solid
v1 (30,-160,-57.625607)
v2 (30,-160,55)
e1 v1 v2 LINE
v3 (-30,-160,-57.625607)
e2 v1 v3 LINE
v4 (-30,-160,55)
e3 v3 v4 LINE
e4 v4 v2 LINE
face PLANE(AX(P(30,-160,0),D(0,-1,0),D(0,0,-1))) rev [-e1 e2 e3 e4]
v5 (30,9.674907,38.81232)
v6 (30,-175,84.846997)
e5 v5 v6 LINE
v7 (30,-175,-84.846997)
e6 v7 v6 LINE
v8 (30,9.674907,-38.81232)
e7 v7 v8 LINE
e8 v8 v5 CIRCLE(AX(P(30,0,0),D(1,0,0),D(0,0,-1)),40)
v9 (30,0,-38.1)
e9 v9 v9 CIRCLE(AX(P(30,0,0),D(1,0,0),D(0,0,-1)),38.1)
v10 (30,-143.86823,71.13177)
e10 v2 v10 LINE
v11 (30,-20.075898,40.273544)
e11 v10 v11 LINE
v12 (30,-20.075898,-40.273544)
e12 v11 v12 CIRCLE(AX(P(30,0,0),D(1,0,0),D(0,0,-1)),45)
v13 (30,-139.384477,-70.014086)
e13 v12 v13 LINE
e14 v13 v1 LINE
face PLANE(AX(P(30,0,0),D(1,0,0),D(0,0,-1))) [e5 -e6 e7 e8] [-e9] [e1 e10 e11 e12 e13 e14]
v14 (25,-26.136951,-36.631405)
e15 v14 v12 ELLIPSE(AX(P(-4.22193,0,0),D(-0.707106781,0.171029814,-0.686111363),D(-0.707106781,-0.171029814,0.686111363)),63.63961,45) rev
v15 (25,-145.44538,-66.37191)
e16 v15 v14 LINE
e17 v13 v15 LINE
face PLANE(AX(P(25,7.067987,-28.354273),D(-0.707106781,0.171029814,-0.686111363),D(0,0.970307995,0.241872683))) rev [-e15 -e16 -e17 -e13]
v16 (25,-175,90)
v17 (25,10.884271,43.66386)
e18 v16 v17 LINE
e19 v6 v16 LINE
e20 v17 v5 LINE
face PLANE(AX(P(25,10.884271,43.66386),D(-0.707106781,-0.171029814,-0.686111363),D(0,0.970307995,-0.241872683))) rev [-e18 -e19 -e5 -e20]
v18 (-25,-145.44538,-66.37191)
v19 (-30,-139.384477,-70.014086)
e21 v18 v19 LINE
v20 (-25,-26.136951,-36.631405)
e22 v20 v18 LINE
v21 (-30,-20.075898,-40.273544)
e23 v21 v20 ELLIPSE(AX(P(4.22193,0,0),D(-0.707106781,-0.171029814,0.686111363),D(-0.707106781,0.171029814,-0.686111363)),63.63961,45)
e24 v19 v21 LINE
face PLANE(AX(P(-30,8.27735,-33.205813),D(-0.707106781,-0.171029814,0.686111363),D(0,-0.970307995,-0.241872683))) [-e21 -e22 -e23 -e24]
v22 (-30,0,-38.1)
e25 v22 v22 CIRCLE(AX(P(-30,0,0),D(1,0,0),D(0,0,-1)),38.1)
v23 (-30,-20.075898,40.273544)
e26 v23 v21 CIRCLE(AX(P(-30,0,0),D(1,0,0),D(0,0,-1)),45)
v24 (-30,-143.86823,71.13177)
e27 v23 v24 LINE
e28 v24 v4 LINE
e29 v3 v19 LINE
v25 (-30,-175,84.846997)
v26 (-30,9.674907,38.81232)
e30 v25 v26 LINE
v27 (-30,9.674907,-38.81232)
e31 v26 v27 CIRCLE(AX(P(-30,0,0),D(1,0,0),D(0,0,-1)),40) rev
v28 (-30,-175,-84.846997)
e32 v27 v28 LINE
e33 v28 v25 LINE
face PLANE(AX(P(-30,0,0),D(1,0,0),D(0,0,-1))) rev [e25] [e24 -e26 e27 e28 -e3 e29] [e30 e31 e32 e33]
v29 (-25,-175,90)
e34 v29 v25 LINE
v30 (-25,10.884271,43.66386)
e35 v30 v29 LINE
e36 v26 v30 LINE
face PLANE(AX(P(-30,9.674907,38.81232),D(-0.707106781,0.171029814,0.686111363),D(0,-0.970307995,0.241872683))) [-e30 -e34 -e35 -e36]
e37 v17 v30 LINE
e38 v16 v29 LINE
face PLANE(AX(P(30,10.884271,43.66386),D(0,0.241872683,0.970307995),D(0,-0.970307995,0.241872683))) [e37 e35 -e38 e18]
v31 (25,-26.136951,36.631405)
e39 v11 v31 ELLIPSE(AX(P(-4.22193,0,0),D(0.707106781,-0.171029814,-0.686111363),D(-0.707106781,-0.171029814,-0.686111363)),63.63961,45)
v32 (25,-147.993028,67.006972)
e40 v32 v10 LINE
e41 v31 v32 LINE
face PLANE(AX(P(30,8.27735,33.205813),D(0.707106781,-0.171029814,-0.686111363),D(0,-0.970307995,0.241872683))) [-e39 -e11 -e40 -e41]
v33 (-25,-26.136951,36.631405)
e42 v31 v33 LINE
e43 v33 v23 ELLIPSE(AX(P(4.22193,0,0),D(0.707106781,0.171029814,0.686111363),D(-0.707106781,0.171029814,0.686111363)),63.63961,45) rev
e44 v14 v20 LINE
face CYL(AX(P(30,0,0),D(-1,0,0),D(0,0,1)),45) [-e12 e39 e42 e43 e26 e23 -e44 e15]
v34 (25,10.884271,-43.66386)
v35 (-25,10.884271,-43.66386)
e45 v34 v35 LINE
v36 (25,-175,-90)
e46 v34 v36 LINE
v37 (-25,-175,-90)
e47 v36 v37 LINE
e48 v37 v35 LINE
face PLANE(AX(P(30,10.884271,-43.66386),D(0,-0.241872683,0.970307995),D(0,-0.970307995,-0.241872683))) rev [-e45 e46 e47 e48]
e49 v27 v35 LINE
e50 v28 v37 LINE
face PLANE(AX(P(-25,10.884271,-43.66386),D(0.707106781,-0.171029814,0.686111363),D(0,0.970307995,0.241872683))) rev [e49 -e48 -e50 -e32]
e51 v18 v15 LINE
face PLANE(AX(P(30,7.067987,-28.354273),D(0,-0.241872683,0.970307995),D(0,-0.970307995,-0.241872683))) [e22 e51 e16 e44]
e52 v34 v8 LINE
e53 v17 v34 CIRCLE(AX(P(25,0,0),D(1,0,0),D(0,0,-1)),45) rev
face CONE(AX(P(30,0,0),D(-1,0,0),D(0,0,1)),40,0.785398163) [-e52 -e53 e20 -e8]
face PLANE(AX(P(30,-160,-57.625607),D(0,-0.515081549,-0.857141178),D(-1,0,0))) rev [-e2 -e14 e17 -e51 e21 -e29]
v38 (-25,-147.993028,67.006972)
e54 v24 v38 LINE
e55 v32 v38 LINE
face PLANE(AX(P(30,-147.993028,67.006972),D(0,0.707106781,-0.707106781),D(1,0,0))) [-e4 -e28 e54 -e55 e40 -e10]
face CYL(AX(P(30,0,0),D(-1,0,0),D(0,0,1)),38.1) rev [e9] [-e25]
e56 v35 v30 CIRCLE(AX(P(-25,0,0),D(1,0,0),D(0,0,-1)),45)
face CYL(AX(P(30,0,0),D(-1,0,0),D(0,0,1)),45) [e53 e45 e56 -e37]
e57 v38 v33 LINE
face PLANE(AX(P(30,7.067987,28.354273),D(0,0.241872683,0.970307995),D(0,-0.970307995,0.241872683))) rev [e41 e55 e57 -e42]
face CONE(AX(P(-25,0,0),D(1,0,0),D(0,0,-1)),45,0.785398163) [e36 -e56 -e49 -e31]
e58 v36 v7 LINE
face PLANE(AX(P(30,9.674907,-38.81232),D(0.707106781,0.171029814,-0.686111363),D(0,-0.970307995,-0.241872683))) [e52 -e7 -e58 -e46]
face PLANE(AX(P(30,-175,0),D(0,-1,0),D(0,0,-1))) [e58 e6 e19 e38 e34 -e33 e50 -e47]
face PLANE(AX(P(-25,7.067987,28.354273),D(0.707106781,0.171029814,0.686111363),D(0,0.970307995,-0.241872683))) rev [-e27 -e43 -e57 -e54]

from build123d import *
from OCP.BRepFilletAPI import BRepFilletAPI_MakeChamfer

# Parameters (mm, degrees)
SZKIC1_R                    = 38.1
DODANIE_WYCI_GNI_CIE1_DEPTH = 30
SFAZOWANIE1_SIZE            = 15
SFAZOWANIE1_SIZE2           = 12.374392919
SFAZOWANIE2_SIZE            = 5


with BuildPart() as part:
    # Szkic1 → Dodanie-wyciągnięcie1 (new, symmetric)
    with BuildSketch(Plane(origin=(0, 0, 0), x_dir=(0, 0, -1), z_dir=(1, 0, 0))):
        with BuildLine():
            Line((0, -175), (-90, -175))
            Line((-90, -175), (-43.663859775, 10.884270741))
            ThreePointArc((-43.663859775, 10.884270741), (0, 45), (43.663859775, 10.884270741))
            Line((43.663859775, 10.884270741), (90, -175))
            Line((90, -175), (0, -175))
        make_face()
        Circle(SZKIC1_R, mode=Mode.SUBTRACT)
        with BuildLine():
            Line((0, -160), (70, -160))
            Line((70, -160), (36.631404611, -26.136950783))
            ThreePointArc((36.631404611, -26.136950783), (0, -45), (-36.631404611, -26.136950783))
            Line((-36.631404611, -26.136950783), (-70, -160))
            Line((-70, -160), (0, -160))
        make_face(mode=Mode.SUBTRACT)
    extrude(amount=DODANIE_WYCI_GNI_CIE1_DEPTH, both=True)

    # Sfazowanie1: one chamfer whose edges measure the first distance from different faces: ONE call of the kernel's chamfer builder (chamfer() names one face for all edges)
    sfazowanie1_edges_1 = [part.edges().sort_by_distance(p)[0] for p in [
        (0, -160, 70),
    ]]
    sfazowanie1_side_1 = [part.faces().sort_by_distance(p)[0] for p in [
        (0, -160, 0),
    ]]
    sfazowanie1_edges_2 = [part.edges().sort_by_distance(p)[0] for p in [
        (0, -160, -70),
    ]]
    sfazowanie1_side_2 = [part.faces().sort_by_distance(p)[0] for p in [
        (0, -93.068475391, -53.315702306),
    ]]
    sfazowanie1 = BRepFilletAPI_MakeChamfer(part.part.solid().wrapped)
    for e in sfazowanie1_edges_1:
        sfazowanie1.Add(SFAZOWANIE1_SIZE, SFAZOWANIE1_SIZE2, e.wrapped, sfazowanie1_side_1[0].wrapped)  # the first distance lies on this face
    for e in sfazowanie1_edges_2:
        sfazowanie1.Add(SFAZOWANIE1_SIZE, SFAZOWANIE1_SIZE2, e.wrapped, sfazowanie1_side_2[0].wrapped)  # the first distance lies on this face
    add(Compound.cast(sfazowanie1.Shape()), mode=Mode.REPLACE)

    # Sfazowanie2
    sfazowanie2_edges = [part.edges().sort_by_distance(p)[0] for p in [
        (30, -82.057864629, -66.831929887),
        (30, 45, 0),
        (30, -82.057864629, 66.831929887),
        (-30, -82.057864629, -66.831929887),
        (-30, 45, 0),
        (-30, -82.057864629, 66.831929887),
        (-30, -87.0649892, 51.819188497),
        (-30, -85.791165429, -51.501657182),
        (30, -85.791165429, -51.501657182),
        (30, -87.0649892, 51.819188497),
    ]]
    chamfer(sfazowanie2_edges, length=SFAZOWANIE2_SIZE)


solid = part.part
